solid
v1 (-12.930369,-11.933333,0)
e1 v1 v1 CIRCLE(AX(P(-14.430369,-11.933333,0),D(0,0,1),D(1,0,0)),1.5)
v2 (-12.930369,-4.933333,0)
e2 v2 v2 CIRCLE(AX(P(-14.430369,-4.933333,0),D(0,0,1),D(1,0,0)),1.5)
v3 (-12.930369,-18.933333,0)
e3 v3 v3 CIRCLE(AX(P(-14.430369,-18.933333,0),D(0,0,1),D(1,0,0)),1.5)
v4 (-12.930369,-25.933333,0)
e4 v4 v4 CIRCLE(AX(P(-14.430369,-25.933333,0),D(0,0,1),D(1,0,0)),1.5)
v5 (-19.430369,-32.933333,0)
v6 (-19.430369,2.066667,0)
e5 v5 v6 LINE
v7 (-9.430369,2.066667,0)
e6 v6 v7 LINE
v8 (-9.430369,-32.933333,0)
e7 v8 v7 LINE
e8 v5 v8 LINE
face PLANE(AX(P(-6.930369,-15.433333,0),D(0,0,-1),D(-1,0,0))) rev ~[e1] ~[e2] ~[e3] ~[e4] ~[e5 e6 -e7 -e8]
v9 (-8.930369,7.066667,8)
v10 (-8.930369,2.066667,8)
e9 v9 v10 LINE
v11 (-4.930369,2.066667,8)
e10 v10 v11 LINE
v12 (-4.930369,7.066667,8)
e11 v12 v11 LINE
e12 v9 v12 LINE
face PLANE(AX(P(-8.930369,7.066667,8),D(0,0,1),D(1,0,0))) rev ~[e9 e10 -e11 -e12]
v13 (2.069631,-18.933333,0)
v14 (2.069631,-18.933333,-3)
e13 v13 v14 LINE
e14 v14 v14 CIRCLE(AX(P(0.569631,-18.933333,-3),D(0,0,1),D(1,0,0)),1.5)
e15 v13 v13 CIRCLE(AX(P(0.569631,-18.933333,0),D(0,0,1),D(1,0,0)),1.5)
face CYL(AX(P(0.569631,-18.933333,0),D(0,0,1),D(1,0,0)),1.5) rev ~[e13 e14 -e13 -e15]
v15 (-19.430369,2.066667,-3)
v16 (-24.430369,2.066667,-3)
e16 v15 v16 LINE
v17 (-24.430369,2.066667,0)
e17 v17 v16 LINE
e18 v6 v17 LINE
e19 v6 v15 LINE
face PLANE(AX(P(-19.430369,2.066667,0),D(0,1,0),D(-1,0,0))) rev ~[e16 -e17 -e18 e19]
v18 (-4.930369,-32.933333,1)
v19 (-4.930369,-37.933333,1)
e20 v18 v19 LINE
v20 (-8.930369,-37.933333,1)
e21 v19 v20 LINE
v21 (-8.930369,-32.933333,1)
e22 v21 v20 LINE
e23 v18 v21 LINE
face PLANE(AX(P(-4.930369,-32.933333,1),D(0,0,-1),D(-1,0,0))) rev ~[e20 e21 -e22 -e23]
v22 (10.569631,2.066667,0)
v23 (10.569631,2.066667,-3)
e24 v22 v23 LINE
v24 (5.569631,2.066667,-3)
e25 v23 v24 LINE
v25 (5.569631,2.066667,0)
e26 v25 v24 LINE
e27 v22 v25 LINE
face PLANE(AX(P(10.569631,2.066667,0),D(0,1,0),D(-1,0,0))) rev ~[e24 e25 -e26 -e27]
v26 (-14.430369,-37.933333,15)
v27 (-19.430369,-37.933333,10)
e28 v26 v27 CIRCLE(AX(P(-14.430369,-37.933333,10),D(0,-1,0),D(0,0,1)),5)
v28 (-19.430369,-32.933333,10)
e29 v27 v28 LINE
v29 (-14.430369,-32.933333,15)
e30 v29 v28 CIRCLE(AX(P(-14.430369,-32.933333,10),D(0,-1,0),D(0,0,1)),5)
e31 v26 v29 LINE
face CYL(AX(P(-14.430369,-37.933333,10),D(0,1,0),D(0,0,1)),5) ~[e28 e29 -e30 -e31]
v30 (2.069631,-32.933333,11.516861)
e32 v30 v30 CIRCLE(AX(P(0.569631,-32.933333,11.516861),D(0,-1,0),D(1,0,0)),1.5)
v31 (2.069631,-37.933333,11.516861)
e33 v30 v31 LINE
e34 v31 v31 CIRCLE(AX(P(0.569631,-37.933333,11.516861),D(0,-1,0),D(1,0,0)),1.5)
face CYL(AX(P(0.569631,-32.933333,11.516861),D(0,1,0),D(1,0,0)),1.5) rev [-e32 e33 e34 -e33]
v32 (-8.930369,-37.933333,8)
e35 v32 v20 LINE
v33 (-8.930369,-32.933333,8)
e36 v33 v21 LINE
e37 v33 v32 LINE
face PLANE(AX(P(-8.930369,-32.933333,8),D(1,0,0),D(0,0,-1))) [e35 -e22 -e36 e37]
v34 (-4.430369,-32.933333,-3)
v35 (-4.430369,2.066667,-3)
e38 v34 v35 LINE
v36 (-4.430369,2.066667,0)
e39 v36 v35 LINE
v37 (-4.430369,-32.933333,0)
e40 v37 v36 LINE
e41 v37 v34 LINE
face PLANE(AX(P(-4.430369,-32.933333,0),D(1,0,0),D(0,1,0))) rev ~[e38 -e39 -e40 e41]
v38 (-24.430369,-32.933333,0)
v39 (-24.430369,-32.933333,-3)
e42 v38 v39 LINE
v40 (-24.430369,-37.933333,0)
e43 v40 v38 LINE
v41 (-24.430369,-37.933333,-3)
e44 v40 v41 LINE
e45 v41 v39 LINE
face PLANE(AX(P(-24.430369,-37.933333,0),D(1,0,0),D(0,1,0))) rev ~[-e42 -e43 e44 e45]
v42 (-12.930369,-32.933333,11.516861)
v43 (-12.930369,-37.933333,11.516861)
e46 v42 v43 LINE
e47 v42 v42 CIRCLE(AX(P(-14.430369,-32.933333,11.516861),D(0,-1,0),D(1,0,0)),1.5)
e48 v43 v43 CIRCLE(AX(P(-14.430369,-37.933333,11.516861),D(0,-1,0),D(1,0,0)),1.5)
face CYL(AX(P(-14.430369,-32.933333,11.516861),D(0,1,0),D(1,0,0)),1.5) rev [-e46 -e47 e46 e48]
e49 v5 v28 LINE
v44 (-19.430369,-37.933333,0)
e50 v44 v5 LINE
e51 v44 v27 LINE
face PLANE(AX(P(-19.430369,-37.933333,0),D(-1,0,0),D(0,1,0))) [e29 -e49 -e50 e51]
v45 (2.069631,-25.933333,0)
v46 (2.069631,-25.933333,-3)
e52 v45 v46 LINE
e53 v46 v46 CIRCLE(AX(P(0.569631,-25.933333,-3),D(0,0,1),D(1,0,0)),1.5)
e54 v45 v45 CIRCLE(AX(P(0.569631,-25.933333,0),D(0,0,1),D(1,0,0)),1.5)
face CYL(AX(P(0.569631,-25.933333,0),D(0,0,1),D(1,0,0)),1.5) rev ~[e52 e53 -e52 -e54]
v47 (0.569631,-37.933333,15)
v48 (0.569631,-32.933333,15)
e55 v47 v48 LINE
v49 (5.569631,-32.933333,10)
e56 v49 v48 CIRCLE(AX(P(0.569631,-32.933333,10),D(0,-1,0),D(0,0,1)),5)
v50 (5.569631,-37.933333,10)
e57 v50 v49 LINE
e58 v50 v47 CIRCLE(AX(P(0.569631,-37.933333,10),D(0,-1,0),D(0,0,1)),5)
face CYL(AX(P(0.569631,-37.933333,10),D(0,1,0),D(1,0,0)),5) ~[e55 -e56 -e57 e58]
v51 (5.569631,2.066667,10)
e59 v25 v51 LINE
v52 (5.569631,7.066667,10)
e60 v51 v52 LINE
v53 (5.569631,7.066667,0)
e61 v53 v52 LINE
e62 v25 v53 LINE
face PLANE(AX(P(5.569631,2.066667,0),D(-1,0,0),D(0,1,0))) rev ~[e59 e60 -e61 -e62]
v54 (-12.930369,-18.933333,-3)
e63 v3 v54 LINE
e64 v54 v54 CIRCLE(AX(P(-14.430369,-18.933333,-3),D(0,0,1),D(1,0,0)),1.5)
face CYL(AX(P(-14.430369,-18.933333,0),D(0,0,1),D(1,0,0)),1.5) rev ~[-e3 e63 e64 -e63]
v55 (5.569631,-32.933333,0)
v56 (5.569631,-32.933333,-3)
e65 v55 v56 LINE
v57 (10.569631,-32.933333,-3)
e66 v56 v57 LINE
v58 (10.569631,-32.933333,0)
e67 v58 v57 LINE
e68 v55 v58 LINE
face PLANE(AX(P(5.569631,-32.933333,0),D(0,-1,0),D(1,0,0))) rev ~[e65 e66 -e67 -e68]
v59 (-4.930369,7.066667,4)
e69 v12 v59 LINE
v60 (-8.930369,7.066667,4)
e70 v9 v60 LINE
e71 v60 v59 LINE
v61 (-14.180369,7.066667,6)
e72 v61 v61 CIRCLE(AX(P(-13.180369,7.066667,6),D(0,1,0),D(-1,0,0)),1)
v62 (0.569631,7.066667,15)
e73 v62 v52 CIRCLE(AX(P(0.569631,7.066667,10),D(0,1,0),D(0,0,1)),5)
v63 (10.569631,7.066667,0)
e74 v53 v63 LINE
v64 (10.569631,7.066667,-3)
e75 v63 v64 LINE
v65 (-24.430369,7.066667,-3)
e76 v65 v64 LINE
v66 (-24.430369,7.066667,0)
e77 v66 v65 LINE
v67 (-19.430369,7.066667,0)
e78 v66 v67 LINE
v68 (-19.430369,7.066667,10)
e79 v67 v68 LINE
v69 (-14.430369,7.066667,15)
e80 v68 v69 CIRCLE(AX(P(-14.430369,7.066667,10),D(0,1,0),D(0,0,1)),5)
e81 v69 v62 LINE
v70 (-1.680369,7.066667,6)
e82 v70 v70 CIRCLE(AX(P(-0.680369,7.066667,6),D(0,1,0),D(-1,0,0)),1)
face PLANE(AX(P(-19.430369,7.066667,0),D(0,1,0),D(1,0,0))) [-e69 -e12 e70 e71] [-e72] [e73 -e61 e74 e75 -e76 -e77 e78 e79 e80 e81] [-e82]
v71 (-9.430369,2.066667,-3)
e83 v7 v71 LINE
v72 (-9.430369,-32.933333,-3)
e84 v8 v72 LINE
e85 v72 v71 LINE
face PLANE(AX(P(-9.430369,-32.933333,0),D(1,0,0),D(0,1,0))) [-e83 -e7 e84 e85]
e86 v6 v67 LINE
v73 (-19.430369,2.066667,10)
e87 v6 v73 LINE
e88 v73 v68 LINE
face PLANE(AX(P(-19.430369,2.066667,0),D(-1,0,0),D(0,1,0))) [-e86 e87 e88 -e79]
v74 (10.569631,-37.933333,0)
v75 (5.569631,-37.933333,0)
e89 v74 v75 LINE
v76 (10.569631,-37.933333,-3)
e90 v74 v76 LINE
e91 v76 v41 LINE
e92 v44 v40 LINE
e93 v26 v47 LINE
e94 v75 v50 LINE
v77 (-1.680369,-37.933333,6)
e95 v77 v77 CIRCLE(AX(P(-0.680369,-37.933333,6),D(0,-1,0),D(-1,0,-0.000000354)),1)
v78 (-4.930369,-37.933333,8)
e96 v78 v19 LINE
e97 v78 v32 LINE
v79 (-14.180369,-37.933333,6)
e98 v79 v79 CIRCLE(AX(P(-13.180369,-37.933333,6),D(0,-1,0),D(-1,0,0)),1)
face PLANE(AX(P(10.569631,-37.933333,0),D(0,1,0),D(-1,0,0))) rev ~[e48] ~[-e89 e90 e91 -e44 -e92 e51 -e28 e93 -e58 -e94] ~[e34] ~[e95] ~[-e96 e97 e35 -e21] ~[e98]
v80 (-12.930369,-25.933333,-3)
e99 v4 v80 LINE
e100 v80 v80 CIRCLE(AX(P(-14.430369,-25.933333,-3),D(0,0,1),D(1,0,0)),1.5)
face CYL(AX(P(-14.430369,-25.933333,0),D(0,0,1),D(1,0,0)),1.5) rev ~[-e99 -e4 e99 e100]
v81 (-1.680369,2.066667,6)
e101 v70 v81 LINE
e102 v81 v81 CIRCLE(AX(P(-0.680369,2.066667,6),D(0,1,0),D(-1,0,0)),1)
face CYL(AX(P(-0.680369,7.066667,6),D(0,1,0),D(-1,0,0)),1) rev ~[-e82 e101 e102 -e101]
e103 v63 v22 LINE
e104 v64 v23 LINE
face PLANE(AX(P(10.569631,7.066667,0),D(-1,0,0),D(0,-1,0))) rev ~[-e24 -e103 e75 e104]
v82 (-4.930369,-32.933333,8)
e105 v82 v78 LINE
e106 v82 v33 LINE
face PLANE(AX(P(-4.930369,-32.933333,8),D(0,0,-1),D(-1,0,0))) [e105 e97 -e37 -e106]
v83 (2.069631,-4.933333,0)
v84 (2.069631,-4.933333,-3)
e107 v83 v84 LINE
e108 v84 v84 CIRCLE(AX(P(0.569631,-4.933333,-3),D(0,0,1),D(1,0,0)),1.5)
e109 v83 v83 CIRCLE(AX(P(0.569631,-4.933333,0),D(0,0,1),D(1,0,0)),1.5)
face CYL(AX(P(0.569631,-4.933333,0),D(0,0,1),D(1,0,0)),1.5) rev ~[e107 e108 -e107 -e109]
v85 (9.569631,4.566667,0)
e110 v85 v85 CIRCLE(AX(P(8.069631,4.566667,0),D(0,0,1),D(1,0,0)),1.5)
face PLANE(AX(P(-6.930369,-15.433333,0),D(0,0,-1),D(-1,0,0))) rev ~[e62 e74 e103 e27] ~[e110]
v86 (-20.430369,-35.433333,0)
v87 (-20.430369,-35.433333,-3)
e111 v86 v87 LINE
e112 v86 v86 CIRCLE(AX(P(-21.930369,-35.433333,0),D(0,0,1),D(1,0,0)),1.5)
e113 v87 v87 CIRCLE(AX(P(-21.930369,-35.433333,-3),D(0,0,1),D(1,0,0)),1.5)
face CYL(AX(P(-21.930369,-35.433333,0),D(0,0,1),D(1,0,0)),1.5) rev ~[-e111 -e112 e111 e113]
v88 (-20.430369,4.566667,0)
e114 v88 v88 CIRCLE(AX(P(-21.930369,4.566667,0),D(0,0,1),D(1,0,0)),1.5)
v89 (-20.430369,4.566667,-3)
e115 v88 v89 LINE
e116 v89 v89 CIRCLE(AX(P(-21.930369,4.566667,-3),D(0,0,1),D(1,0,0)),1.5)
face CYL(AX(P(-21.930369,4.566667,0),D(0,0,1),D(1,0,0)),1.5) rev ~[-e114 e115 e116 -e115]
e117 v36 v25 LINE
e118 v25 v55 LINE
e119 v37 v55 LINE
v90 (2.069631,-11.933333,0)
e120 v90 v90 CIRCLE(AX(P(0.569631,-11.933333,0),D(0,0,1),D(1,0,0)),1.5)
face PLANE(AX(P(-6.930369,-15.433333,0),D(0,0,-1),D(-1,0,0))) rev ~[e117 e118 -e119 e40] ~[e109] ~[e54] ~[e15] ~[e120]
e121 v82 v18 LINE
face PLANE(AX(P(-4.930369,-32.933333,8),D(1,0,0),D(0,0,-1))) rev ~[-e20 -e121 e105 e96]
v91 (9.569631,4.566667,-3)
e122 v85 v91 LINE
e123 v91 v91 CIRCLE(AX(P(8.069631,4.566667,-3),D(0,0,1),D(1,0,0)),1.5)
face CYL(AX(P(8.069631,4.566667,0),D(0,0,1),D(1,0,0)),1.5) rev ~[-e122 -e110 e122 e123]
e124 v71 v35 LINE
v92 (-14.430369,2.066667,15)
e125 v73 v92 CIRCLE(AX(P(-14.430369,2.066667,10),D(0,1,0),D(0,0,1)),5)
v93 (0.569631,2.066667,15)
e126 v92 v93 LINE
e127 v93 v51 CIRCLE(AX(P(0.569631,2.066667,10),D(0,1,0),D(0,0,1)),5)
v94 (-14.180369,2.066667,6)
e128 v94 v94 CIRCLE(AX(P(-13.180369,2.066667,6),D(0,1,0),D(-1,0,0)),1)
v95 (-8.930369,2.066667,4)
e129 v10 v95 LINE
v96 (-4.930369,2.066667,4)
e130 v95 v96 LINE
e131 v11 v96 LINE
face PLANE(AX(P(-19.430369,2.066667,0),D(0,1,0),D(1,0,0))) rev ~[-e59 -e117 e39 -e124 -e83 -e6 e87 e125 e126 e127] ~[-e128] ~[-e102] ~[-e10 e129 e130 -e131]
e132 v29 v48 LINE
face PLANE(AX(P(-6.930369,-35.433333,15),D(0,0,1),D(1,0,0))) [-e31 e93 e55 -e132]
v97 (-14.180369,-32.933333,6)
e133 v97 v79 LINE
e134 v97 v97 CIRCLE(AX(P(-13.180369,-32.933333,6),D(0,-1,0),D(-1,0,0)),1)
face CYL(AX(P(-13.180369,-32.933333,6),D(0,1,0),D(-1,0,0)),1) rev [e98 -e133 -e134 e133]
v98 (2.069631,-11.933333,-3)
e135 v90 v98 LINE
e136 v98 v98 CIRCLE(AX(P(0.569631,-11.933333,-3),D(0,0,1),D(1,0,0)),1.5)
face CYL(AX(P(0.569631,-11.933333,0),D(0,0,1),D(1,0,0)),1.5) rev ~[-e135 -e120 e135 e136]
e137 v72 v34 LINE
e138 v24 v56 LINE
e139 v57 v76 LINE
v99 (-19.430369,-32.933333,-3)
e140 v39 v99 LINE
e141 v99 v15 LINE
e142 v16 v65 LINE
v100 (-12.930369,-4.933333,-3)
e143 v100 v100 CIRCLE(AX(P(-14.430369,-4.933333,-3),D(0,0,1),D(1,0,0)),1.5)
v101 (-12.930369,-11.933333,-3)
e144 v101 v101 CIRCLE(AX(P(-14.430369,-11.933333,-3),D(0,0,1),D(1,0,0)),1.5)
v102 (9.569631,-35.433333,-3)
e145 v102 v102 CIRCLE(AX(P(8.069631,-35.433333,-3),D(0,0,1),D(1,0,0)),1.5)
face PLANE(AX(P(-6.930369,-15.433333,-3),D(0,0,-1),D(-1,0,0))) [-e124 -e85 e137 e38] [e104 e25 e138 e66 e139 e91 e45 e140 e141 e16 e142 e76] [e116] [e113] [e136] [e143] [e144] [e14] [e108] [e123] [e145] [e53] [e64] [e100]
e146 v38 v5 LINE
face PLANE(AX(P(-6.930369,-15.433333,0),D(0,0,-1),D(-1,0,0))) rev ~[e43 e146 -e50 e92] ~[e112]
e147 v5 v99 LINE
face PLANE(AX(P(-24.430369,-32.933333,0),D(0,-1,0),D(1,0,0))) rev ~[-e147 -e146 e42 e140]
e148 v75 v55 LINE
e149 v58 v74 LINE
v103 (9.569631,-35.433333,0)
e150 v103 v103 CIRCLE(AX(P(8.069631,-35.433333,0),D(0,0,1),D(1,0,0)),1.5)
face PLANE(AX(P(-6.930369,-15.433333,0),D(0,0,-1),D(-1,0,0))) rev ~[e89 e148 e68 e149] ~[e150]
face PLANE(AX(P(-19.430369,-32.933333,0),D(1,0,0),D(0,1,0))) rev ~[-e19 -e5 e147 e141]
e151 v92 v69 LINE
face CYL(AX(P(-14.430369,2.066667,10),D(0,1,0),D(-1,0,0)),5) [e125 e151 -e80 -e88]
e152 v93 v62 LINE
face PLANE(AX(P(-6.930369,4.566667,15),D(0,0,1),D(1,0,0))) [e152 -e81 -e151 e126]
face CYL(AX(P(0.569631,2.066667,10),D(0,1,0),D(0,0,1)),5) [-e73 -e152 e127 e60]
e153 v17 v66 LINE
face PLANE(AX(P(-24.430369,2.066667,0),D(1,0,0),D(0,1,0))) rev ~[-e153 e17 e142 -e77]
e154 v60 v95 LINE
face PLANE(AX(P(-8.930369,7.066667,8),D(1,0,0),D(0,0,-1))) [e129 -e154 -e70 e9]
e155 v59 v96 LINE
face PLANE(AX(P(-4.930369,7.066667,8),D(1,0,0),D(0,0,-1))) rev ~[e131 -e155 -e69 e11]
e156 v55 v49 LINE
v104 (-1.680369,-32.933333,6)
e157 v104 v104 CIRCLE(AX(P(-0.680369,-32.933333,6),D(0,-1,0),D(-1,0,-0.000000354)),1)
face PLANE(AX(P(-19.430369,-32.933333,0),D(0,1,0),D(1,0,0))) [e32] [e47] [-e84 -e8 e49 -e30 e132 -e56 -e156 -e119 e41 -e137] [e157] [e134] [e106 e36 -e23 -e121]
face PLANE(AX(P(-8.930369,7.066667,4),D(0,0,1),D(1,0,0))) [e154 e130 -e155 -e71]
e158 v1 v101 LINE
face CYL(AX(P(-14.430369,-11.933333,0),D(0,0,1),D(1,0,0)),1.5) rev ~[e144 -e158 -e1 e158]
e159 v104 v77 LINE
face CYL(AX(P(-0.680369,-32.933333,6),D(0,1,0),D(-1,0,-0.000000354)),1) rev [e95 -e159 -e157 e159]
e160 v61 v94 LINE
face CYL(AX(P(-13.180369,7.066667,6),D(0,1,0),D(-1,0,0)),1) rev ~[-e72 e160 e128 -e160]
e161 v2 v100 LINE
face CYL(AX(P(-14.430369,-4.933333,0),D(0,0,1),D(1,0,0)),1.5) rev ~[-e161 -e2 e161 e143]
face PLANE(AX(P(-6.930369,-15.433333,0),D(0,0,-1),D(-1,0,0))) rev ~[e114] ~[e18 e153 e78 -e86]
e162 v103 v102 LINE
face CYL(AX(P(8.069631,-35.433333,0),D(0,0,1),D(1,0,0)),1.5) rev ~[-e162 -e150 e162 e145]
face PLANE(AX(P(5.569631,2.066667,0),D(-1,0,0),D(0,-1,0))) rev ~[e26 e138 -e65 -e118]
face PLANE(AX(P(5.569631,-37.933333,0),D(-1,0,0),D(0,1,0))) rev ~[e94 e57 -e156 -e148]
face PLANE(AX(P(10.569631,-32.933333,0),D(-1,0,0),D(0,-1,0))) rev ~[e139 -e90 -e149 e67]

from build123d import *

# Parameters (mm, degrees)
ESBO_O1_R                = 1.5
ESBO_O1_W                = 5
ESBO_O1_H                = 35
RESSALTO_EXTRUS_O1_DEPTH = 3
ESBO_O2_W                = 25
ESBO_O2_H                = 5
RESSALTO_EXTRUS_O2_DEPTH = 15
FILETE5_R                = 5
FILETE6_R                = 5
FILETE7_R                = 5
FILETE8_R                = 5
ESBO_O4_R                = 1
ESBO_O4_W                = 4
ESBO_O4_H                = 4
CORTE_EXTRUS_O2_DEPTH    = 5
CORTE_EXTRUS_O3_START    = -5
ESBO_O3_R                = 1
ESBO_O3_R_2              = 1.5
ESBO_O3_W                = 4
ESBO_O3_H                = 7
CORTE_EXTRUS_O3_DEPTH    = 5


with BuildPart() as part:
    # Esboço1 → Ressalto-extrusão1 (new body)
    with BuildSketch(Plane.XY):
        Polygon((-24.430369357, 7.066666667), (10.569630643, 7.066666667), (10.569630643, 2.066666667), (5.569630643, 2.066666667), (5.569630643, -32.933333333), (10.569630643, -32.933333333), (10.569630643, -37.933333333), (-24.430369357, -37.933333333), (-24.430369357, -32.933333333), (-19.430369357, -32.933333333), (-19.430369357, 2.066666667), (-24.430369357, 2.066666667), align=None)
        with Locations((-14.430369357, -4.933333333)):
            Circle(ESBO_O1_R, mode=Mode.SUBTRACT)
        with Locations((-14.430369357, -11.933333333)):
            Circle(ESBO_O1_R, mode=Mode.SUBTRACT)
        with Locations((-14.430369357, -18.933333333)):
            Circle(ESBO_O1_R, mode=Mode.SUBTRACT)
        with Locations((0.569630643, -4.933333333)):
            Circle(ESBO_O1_R, mode=Mode.SUBTRACT)
        with Locations((0.569630643, -18.933333333)):
            Circle(ESBO_O1_R, mode=Mode.SUBTRACT)
        with Locations((0.569630643, -25.933333333)):
            Circle(ESBO_O1_R, mode=Mode.SUBTRACT)
        with Locations((-14.430369357, -25.933333333)):
            Circle(ESBO_O1_R, mode=Mode.SUBTRACT)
        with Locations((0.569630643, -11.933333333)):
            Circle(ESBO_O1_R, mode=Mode.SUBTRACT)
        with Locations((-21.930369357, 4.566666667)):
            Circle(ESBO_O1_R, mode=Mode.SUBTRACT)
        with Locations((8.069630643, 4.566666667)):
            Circle(ESBO_O1_R, mode=Mode.SUBTRACT)
        with Locations((-21.930369357, -35.433333333)):
            Circle(ESBO_O1_R, mode=Mode.SUBTRACT)
        with Locations((8.069630643, -35.433333333)):
            Circle(ESBO_O1_R, mode=Mode.SUBTRACT)
        with Locations((-6.930369357, -15.433333333)):
            Rectangle(ESBO_O1_W, ESBO_O1_H, mode=Mode.SUBTRACT)
    extrude(amount=-RESSALTO_EXTRUS_O1_DEPTH)

    # Esboço2 → Ressalto-extrusão2 (add)
    with BuildSketch(Plane.XY):
        with Locations((-6.930369357, 4.566666667)):
            Rectangle(ESBO_O2_W, ESBO_O2_H)
        with Locations((-6.930369357, -35.433333333)):
            Rectangle(ESBO_O2_W, ESBO_O2_H)
    extrude(amount=RESSALTO_EXTRUS_O2_DEPTH)

    # Filete5
    filete5_edges = [part.edges().sort_by_distance(p)[0] for p in [
        (5.569630643, -35.433333333, 15),
    ]]
    fillet(filete5_edges, radius=FILETE5_R)

    # Filete6
    filete6_edges = [part.edges().sort_by_distance(p)[0] for p in [
        (-19.430369357, -35.433333333, 15),
    ]]
    fillet(filete6_edges, radius=FILETE6_R)

    # Filete7
    filete7_edges = [part.edges().sort_by_distance(p)[0] for p in [
        (-19.430369357, 4.566666667, 15),
    ]]
    fillet(filete7_edges, radius=FILETE7_R)

    # Filete8
    filete8_edges = [part.edges().sort_by_distance(p)[0] for p in [
        (5.569630643, 4.566666667, 15),
    ]]
    fillet(filete8_edges, radius=FILETE8_R)

    # Esboço4 → Corte-extrusão2 (cut)
    with BuildSketch(Plane(origin=(0, 7.066666667, 0), x_dir=(1, 0, 0), z_dir=(0, 1, 0))):
        with Locations(Location((-13.180369357, -6, 0), (0, 0, 180))):
            Circle(ESBO_O4_R)
        with Locations(Location((-0.680369357, -6, 0), (0, 0, 180))):
            Circle(ESBO_O4_R)
        with Locations((-6.930369357, -6)):
            Rectangle(ESBO_O4_W, ESBO_O4_H)
    extrude(amount=-CORTE_EXTRUS_O2_DEPTH, mode=Mode.SUBTRACT)

    # Esboço3 → Corte-extrusão3 (cut)
    with BuildSketch(Plane(origin=(0, -37.933333333, 0), x_dir=(-1, 0, 0), z_dir=(0, -1, 0)).offset(CORTE_EXTRUS_O3_START)):
        with Locations((13.180369357, -6)):
            Circle(ESBO_O3_R)
        with Locations(Location((0.680369357, -6.000000354, 0), (0, 0, 2.0294e-05))):
            Circle(ESBO_O3_R)
        with Locations(Location((14.430369357, -11.516860689, 0), (0, 0, 180))):
            Circle(ESBO_O3_R_2)
        with Locations(Location((-0.569630643, -11.516860689, 0), (0, 0, 180))):
            Circle(ESBO_O3_R_2)
        with Locations((6.930369357, -4.5)):
            Rectangle(ESBO_O3_W, ESBO_O3_H)
    extrude(amount=CORTE_EXTRUS_O3_DEPTH, mode=Mode.SUBTRACT)


solid = part.part
